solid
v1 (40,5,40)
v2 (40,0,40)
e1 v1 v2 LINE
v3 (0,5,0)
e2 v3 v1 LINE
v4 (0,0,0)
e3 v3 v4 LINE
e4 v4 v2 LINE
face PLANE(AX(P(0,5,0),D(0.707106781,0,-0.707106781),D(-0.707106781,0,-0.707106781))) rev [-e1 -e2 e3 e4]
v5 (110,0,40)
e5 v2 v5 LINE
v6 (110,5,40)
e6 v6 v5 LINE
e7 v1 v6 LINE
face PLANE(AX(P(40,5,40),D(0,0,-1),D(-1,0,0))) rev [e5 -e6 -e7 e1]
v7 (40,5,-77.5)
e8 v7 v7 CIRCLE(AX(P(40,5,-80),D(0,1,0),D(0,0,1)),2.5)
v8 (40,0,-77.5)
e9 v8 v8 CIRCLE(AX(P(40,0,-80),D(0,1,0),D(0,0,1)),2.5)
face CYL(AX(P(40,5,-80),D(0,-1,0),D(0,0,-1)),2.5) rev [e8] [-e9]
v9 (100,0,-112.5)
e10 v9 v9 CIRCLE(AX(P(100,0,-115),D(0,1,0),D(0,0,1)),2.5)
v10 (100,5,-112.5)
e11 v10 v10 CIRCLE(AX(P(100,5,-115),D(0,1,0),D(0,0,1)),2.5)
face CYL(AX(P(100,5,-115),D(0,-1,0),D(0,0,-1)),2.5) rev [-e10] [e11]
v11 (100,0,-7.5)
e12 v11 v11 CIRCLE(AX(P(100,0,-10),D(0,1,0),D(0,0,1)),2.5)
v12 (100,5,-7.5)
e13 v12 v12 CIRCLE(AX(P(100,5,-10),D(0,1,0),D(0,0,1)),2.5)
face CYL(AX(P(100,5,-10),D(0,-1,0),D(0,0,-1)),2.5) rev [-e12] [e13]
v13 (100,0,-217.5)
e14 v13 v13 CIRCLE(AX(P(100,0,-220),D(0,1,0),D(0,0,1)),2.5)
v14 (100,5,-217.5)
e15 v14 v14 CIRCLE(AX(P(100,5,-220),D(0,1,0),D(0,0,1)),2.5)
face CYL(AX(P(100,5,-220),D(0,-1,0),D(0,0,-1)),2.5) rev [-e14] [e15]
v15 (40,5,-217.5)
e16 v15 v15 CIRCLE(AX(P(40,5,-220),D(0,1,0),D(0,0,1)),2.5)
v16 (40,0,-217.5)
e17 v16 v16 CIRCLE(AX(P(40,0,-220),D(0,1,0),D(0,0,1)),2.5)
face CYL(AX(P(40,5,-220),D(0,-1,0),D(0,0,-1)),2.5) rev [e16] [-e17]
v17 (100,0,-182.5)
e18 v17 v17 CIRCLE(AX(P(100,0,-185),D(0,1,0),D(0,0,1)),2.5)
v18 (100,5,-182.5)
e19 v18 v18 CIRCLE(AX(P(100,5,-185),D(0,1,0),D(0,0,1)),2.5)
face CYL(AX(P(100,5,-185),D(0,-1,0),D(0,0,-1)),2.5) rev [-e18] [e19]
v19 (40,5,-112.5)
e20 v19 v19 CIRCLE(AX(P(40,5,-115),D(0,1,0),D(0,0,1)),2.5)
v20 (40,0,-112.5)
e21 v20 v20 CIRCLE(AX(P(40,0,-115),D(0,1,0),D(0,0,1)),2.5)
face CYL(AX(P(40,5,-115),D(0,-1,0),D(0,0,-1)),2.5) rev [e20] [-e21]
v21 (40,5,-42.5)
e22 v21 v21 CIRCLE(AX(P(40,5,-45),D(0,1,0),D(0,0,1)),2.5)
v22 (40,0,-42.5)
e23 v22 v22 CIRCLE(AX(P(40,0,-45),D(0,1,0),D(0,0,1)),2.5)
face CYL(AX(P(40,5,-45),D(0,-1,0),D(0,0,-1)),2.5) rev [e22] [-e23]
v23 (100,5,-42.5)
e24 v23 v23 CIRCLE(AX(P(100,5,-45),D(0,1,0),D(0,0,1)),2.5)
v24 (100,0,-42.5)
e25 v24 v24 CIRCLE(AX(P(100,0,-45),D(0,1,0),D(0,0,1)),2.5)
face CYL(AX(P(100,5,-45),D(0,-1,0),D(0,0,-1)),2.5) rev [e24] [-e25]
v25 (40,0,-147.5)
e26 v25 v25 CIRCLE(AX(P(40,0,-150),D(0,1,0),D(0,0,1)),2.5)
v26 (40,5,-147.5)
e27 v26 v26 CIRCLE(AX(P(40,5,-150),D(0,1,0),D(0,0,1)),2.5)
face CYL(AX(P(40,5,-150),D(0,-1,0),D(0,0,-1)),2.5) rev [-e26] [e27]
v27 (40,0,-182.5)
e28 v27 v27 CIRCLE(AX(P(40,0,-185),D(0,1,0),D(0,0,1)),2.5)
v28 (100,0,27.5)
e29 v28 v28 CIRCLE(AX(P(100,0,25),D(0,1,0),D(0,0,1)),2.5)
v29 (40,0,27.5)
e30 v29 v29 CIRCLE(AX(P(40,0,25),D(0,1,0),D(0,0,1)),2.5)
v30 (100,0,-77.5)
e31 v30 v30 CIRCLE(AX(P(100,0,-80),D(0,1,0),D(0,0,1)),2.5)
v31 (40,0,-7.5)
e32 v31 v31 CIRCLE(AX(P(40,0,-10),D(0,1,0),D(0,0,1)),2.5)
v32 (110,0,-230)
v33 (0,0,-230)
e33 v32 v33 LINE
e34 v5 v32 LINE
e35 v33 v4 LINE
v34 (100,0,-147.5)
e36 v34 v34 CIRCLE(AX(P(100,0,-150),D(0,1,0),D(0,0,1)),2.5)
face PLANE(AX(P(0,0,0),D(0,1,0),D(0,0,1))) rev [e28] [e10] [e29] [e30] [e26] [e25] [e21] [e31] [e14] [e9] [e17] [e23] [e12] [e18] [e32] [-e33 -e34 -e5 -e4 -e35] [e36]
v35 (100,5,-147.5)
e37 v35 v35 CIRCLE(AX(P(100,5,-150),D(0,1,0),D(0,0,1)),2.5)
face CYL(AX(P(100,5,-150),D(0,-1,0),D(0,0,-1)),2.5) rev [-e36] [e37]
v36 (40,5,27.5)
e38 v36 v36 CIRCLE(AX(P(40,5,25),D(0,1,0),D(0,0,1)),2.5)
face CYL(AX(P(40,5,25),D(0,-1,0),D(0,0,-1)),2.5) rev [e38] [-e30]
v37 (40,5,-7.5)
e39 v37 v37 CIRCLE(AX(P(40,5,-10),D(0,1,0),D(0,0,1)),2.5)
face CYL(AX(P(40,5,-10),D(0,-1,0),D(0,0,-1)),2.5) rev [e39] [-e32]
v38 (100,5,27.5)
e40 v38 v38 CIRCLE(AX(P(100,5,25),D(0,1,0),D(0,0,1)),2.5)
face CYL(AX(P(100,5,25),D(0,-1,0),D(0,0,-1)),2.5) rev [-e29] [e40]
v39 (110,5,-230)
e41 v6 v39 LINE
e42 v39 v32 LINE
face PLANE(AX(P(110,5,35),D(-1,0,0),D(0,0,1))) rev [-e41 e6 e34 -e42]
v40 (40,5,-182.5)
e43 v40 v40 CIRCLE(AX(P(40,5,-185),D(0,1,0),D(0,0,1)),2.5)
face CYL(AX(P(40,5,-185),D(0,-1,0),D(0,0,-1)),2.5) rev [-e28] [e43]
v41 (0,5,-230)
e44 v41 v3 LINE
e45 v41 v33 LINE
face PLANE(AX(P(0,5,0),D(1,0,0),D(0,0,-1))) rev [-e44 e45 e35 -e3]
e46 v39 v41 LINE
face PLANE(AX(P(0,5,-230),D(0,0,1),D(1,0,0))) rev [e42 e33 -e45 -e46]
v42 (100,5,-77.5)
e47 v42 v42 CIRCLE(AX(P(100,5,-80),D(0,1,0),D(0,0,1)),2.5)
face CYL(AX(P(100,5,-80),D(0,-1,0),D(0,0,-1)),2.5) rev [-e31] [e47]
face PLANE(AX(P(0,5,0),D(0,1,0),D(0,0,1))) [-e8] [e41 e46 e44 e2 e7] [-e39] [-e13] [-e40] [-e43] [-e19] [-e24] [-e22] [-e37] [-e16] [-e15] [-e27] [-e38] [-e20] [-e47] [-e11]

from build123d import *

# Parameters (mm, degrees)
SKETCH1_R           = 2.5
BOSS_EXTRUDE1_DEPTH = 5


with BuildPart() as part:
    # Sketch1 → Boss-Extrude1 (new body)
    with BuildSketch(Plane(origin=(0, 0, 0), x_dir=(1, 0, 0), z_dir=(0, 1, 0))):
        Polygon((0, 0), (0, 230), (110, 230), (110, -35), (110, -40), (40, -40), align=None)
        with Locations((40, 220)):
            Circle(SKETCH1_R, mode=Mode.SUBTRACT)
        with Locations((100, 220)):
            Circle(SKETCH1_R, mode=Mode.SUBTRACT)
        with Locations((40, 185)):
            Circle(SKETCH1_R, mode=Mode.SUBTRACT)
        with Locations((100, 185)):
            Circle(SKETCH1_R, mode=Mode.SUBTRACT)
        with Locations((40, 150)):
            Circle(SKETCH1_R, mode=Mode.SUBTRACT)
        with Locations((100, 150)):
            Circle(SKETCH1_R, mode=Mode.SUBTRACT)
        with Locations((40, 115)):
            Circle(SKETCH1_R, mode=Mode.SUBTRACT)
        with Locations((100, 115)):
            Circle(SKETCH1_R, mode=Mode.SUBTRACT)
        with Locations((40, 80)):
            Circle(SKETCH1_R, mode=Mode.SUBTRACT)
        with Locations((100, 80)):
            Circle(SKETCH1_R, mode=Mode.SUBTRACT)
        with Locations((40, 45)):
            Circle(SKETCH1_R, mode=Mode.SUBTRACT)
        with Locations((100, 45)):
            Circle(SKETCH1_R, mode=Mode.SUBTRACT)
        with Locations((40, 10)):
            Circle(SKETCH1_R, mode=Mode.SUBTRACT)
        with Locations((100, 10)):
            Circle(SKETCH1_R, mode=Mode.SUBTRACT)
        with Locations((40, -25)):
            Circle(SKETCH1_R, mode=Mode.SUBTRACT)
        with Locations((100, -25)):
            Circle(SKETCH1_R, mode=Mode.SUBTRACT)
    extrude(amount=BOSS_EXTRUDE1_DEPTH)


solid = part.part
